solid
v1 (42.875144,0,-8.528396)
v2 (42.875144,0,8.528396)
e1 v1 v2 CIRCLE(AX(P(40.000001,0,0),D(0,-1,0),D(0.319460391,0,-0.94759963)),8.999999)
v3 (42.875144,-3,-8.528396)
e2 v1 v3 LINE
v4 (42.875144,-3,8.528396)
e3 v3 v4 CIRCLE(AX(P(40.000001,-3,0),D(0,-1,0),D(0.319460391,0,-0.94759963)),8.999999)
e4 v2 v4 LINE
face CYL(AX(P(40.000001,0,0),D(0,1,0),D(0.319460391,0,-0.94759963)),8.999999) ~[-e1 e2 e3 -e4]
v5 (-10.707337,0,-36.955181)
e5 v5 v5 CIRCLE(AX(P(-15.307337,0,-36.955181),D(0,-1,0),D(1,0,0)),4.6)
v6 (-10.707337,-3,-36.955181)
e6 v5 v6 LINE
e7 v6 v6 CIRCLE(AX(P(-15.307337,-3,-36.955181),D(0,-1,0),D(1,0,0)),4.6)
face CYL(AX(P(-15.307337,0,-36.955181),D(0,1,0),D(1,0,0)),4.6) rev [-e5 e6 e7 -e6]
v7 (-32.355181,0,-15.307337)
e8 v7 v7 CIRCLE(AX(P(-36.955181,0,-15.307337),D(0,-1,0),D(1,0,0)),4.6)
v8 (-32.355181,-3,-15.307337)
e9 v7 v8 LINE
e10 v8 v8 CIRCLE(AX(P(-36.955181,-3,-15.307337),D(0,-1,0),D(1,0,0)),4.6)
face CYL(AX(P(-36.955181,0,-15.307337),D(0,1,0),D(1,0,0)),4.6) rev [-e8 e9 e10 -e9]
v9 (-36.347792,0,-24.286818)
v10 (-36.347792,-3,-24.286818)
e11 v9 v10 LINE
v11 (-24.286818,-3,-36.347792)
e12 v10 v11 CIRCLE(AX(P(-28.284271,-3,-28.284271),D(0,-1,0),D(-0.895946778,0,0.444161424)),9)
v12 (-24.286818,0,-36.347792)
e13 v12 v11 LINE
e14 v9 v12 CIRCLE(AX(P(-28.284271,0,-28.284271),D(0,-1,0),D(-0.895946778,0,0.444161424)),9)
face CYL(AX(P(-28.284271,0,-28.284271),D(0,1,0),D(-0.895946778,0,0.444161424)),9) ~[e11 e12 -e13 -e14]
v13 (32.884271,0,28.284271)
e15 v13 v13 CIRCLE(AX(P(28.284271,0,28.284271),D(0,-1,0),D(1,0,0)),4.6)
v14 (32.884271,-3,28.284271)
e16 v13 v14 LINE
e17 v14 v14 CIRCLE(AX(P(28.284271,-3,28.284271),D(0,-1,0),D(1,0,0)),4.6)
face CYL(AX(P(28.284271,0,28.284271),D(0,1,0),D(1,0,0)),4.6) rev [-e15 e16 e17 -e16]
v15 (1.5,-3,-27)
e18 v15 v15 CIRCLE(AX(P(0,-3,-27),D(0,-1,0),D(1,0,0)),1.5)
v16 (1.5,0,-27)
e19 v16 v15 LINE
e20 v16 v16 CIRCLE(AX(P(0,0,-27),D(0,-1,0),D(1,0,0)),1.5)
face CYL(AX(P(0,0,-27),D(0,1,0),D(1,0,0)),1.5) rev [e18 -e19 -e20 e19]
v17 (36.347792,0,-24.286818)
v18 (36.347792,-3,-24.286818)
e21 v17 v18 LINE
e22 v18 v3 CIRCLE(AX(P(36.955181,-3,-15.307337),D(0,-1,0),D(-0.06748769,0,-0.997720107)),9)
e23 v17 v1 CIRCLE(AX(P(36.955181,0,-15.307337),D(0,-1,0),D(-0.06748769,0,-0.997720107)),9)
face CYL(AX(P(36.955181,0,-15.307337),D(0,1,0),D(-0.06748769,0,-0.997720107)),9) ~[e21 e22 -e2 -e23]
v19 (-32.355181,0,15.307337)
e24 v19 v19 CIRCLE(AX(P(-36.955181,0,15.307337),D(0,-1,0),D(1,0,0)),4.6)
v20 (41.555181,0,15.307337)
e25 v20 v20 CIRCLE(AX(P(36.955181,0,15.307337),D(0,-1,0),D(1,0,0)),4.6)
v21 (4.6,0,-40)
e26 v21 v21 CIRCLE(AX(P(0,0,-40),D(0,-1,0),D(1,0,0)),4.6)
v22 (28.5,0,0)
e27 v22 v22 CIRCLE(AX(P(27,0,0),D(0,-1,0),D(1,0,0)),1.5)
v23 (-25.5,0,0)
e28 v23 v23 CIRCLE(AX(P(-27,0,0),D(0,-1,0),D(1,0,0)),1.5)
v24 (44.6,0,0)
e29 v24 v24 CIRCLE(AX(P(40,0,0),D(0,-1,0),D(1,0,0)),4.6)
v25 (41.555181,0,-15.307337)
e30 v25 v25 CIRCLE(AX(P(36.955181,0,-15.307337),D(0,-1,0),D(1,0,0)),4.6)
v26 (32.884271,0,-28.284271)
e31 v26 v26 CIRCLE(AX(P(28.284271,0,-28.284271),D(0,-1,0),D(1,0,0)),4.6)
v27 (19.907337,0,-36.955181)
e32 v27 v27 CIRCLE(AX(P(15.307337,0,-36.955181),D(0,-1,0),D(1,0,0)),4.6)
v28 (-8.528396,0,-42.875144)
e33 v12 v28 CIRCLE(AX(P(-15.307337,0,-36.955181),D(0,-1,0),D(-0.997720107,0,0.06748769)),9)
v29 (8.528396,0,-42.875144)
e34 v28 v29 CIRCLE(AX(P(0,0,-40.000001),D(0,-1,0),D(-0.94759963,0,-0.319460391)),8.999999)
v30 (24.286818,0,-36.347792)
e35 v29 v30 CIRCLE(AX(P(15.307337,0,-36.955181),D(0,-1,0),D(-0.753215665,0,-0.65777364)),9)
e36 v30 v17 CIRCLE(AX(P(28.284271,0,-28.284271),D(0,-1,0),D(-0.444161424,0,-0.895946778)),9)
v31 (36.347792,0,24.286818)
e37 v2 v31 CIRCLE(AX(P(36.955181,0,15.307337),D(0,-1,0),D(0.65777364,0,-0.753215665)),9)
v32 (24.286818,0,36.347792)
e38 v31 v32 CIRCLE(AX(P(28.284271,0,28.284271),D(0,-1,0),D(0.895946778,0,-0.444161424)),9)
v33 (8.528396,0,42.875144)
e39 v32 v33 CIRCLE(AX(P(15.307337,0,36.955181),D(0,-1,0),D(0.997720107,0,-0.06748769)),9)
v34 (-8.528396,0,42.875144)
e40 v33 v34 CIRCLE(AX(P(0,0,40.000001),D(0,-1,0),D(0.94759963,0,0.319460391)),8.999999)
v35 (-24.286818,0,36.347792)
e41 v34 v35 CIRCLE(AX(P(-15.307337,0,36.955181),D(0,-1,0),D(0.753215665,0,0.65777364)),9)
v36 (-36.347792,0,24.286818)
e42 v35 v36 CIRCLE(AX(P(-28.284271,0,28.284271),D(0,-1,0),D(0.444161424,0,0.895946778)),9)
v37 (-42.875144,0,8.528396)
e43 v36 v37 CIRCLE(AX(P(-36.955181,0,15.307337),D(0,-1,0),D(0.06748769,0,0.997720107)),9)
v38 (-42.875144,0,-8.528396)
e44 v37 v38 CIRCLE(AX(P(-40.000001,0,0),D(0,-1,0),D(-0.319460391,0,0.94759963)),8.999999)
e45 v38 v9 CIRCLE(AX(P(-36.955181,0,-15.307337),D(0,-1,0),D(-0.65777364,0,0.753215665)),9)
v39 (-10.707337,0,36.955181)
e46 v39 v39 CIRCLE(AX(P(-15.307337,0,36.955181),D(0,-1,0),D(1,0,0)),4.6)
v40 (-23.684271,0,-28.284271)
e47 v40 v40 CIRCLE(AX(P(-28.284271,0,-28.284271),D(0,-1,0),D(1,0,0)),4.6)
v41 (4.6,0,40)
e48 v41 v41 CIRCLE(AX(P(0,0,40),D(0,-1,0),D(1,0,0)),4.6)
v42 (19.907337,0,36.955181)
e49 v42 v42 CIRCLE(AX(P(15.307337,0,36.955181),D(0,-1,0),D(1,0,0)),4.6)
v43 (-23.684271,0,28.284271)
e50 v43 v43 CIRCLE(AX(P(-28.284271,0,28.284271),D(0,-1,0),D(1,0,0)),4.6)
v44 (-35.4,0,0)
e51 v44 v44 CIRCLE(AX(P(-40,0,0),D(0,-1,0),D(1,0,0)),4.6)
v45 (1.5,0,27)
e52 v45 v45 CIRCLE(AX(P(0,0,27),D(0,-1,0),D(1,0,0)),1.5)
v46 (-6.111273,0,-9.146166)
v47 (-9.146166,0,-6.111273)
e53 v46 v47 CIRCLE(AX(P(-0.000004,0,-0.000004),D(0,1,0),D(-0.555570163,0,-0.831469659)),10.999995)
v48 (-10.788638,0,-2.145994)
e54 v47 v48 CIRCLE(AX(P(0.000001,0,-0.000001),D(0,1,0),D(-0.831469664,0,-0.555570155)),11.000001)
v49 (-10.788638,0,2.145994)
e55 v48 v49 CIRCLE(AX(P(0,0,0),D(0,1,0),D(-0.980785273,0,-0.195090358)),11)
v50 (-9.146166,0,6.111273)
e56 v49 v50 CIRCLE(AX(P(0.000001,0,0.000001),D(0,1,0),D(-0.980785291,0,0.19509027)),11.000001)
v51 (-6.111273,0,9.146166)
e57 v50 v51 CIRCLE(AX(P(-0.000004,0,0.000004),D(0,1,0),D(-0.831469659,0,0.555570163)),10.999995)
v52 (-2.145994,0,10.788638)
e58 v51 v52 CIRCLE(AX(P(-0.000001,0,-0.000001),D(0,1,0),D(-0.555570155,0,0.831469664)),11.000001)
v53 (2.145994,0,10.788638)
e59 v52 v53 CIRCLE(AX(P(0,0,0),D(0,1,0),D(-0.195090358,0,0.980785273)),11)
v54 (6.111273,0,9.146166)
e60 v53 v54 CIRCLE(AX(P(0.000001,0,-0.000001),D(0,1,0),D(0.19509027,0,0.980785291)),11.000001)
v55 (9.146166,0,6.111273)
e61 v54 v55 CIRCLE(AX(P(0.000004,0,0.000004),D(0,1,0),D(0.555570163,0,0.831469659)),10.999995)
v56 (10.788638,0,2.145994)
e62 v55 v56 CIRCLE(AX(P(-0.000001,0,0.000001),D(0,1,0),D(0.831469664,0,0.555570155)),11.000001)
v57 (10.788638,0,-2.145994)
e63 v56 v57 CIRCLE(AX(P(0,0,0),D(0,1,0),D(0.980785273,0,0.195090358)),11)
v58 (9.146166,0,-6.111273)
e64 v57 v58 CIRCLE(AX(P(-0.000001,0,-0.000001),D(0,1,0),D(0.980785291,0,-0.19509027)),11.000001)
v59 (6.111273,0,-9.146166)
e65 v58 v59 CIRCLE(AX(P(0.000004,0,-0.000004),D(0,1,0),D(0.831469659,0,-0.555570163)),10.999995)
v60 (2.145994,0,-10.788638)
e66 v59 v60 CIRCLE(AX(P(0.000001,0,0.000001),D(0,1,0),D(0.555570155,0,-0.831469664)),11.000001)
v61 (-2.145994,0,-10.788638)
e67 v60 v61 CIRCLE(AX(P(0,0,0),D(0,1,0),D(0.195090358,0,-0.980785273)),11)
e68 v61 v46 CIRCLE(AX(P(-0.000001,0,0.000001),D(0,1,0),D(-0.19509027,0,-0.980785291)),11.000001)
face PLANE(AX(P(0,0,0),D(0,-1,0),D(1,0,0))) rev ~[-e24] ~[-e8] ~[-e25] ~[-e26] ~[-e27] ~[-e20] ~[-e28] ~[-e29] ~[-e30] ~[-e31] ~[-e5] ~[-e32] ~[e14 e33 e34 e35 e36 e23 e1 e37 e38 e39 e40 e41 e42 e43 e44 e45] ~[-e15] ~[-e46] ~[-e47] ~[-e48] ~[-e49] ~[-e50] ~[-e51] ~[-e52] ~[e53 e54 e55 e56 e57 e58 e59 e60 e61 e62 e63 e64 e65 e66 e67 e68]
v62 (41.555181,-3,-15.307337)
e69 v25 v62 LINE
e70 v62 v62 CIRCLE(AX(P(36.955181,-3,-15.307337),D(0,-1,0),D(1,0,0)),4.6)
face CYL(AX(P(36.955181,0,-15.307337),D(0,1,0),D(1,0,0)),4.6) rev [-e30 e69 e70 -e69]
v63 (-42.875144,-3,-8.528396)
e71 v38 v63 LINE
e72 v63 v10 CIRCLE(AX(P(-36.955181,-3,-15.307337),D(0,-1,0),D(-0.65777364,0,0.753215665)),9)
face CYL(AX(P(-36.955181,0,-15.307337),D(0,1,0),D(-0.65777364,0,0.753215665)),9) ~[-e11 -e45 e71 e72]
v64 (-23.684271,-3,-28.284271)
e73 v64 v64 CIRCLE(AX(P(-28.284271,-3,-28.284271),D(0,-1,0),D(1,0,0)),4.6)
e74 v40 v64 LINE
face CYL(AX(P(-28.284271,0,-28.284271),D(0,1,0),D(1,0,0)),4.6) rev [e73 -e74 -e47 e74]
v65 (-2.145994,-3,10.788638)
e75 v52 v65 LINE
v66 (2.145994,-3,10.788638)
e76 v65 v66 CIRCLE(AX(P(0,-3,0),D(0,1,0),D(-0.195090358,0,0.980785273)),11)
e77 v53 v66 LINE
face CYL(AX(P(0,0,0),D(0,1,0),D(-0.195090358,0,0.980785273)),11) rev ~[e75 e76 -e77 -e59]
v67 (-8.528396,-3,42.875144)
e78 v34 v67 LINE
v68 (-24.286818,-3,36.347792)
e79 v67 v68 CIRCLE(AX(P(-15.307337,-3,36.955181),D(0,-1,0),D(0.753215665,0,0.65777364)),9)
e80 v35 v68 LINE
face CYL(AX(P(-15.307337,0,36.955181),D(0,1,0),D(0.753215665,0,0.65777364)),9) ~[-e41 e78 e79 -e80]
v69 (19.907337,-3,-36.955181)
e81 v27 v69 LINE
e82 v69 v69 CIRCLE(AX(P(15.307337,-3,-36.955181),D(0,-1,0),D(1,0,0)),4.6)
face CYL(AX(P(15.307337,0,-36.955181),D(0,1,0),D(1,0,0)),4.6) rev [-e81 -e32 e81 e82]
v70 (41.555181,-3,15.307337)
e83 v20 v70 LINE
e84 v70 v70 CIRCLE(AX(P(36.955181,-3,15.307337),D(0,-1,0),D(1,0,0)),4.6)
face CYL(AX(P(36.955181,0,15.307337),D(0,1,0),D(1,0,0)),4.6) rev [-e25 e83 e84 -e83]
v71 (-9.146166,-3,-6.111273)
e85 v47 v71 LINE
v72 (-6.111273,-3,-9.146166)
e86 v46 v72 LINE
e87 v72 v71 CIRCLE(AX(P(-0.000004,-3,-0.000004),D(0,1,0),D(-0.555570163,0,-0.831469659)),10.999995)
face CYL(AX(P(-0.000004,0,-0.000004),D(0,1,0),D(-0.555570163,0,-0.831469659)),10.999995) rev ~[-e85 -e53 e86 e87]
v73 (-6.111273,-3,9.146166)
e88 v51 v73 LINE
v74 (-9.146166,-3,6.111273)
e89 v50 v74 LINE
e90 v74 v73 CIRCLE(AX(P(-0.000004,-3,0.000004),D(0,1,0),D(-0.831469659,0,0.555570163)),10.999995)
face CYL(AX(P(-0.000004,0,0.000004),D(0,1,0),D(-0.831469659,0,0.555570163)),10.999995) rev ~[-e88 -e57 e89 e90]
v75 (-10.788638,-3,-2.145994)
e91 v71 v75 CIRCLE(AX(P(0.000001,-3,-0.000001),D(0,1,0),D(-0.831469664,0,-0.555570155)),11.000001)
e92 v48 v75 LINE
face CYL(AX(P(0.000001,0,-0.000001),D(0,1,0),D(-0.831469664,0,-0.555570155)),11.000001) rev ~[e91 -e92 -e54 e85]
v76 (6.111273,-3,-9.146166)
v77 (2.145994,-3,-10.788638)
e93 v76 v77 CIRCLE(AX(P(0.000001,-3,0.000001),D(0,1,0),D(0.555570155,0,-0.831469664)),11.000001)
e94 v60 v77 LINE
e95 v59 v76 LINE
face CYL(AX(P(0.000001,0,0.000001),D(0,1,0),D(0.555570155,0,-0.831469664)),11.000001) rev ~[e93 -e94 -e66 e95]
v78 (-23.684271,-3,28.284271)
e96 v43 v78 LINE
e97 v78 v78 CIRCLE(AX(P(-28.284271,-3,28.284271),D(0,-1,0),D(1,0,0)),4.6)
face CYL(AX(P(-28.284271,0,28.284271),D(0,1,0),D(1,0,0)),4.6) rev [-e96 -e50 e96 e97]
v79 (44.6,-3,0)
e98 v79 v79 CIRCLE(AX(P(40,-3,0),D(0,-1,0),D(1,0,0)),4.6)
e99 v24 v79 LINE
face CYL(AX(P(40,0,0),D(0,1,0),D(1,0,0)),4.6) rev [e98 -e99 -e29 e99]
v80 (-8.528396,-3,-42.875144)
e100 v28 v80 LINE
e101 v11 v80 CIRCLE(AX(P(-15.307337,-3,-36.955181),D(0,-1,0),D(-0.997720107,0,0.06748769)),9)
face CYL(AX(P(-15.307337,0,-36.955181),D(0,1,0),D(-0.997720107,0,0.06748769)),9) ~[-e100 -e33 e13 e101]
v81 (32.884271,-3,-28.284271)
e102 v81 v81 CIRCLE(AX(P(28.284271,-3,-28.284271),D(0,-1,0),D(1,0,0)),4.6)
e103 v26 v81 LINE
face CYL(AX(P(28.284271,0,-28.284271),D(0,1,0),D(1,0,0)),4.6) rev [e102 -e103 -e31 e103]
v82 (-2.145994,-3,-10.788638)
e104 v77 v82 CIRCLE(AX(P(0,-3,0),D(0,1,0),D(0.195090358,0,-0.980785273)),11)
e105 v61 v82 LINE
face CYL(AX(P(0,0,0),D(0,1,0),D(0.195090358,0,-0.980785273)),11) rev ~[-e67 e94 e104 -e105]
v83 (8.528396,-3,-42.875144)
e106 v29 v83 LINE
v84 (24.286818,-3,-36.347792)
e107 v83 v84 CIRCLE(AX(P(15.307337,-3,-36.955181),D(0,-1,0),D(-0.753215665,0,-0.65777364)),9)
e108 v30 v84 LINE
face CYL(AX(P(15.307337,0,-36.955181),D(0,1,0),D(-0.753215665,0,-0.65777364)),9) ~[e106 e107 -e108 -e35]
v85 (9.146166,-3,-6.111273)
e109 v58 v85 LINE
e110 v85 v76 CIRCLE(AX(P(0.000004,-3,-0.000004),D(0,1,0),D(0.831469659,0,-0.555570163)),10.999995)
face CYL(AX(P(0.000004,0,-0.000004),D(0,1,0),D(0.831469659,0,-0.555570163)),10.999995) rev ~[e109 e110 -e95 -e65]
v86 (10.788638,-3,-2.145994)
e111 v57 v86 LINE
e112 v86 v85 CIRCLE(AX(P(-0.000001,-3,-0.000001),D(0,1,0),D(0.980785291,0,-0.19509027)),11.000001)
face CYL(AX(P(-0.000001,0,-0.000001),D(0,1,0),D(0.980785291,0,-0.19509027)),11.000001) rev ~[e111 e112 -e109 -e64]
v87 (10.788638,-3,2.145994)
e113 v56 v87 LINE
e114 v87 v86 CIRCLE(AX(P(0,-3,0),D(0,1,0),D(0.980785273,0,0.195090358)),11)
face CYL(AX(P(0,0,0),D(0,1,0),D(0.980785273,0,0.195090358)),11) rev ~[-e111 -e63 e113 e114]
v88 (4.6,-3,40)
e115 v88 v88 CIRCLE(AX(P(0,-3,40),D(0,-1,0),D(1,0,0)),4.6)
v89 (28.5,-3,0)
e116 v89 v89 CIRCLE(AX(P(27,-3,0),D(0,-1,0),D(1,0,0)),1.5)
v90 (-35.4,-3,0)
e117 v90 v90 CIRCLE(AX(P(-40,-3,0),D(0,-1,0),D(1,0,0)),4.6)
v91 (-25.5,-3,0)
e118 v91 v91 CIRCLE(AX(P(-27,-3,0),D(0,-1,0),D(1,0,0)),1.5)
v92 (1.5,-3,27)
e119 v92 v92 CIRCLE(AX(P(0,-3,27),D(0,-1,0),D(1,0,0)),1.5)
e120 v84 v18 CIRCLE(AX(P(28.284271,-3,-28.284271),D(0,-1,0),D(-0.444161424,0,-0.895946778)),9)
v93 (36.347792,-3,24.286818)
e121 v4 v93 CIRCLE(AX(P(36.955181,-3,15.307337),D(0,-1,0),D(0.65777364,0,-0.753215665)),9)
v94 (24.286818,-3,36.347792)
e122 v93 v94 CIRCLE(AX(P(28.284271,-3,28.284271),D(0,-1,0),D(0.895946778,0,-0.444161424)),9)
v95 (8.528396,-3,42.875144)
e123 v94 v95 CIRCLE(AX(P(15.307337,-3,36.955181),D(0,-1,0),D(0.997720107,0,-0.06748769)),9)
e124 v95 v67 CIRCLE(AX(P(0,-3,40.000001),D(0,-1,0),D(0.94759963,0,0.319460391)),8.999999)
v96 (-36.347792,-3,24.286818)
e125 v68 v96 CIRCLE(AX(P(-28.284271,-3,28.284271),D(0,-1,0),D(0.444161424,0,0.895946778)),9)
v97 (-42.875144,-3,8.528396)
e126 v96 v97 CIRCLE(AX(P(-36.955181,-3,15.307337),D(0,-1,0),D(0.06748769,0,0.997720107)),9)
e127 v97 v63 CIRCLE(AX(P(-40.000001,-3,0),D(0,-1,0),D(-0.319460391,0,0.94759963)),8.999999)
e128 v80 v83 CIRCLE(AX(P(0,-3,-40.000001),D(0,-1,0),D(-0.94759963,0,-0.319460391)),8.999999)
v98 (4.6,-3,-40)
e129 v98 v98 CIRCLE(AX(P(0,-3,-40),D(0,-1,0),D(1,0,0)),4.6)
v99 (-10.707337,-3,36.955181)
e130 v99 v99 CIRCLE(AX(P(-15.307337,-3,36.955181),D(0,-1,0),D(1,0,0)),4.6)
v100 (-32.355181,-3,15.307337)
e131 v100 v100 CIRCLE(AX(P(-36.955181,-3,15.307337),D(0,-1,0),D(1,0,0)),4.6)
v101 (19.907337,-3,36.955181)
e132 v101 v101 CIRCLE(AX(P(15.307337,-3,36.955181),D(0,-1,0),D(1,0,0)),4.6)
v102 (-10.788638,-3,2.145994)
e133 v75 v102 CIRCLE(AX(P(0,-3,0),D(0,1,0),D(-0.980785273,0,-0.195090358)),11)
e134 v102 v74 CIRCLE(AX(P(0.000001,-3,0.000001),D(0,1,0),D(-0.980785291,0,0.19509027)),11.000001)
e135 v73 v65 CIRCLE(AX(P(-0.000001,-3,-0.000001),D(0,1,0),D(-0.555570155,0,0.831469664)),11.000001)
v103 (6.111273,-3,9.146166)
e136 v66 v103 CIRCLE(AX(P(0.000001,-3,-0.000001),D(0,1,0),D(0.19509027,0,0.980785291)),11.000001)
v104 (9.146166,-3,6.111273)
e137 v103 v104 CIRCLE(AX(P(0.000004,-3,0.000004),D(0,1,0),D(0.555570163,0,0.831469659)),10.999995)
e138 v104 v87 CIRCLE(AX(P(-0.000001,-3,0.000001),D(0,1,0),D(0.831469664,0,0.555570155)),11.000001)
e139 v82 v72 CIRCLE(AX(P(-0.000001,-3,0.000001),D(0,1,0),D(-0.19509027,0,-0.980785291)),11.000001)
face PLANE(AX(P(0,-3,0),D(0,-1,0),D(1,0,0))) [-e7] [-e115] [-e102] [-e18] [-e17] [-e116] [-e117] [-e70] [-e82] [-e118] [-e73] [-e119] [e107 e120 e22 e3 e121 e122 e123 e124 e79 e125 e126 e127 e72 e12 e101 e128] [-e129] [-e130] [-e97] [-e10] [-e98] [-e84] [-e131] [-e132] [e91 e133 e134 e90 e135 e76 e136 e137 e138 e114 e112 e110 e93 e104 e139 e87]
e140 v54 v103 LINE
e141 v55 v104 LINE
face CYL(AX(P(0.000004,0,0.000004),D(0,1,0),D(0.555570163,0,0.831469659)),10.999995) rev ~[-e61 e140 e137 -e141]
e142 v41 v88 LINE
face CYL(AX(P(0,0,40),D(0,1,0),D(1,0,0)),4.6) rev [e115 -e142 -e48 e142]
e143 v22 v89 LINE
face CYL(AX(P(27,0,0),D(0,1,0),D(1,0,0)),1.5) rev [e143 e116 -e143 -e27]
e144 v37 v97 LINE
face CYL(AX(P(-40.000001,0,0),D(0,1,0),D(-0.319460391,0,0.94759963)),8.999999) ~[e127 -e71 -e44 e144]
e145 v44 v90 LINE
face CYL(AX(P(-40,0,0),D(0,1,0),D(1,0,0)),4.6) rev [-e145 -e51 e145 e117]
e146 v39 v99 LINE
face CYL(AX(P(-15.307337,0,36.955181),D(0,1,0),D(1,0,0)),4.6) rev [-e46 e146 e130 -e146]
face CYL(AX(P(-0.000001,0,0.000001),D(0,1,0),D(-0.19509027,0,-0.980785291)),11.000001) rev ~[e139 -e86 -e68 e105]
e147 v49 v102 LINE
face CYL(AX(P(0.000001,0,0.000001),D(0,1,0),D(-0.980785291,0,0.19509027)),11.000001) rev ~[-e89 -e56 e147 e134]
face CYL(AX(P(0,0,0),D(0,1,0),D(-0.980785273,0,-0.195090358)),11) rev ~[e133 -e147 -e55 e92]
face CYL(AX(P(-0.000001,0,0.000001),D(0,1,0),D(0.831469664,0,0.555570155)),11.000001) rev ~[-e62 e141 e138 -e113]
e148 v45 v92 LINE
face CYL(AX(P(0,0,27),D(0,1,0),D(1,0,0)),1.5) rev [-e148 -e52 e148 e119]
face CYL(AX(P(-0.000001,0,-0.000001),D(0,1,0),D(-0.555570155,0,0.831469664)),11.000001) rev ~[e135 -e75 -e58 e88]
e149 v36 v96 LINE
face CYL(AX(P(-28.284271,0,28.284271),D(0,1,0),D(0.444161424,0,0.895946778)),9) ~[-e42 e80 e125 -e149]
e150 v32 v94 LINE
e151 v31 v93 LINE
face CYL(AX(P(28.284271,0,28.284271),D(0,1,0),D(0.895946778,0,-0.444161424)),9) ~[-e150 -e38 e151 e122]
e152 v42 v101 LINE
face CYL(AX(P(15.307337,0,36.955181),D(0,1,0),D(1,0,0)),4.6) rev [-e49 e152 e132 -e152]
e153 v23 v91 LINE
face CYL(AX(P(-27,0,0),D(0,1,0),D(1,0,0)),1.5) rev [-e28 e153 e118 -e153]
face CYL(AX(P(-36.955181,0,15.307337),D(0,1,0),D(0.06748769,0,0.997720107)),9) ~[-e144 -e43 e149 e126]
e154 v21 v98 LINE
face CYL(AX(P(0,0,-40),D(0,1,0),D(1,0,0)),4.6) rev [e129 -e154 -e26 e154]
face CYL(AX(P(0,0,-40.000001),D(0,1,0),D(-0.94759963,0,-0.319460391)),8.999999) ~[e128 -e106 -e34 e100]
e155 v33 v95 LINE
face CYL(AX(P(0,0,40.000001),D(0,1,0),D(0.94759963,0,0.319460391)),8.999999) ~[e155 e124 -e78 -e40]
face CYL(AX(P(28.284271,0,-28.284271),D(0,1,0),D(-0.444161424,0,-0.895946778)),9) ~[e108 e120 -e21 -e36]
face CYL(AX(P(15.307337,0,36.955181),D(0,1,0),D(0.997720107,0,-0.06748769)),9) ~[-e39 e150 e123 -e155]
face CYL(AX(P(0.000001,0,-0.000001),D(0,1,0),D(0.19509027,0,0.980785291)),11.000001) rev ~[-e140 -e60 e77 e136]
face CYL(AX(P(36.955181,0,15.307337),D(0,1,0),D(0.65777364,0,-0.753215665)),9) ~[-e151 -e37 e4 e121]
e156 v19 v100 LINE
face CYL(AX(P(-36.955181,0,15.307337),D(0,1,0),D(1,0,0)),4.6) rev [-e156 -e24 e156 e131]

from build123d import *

# Parameters (mm, degrees)
F0_R     = 4.6
F0_R_2   = 1.5
F1_DEPTH = 3


with BuildPart() as f1:
    # F0 (on Front) → F1 (new body)
    with BuildSketch(Plane.XZ):
        with BuildLine():
            ThreePointArc((24.286818, 36.347792), (18.751488, 45.270097), (8.528396, 42.875144))
            ThreePointArc((8.528396, 42.875144), (0, 49), (-8.528396, 42.875144))
            ThreePointArc((-8.528396, 42.875144), (-18.751488, 45.270097), (-24.286818, 36.347792))
            ThreePointArc((-24.286818, 36.347792), (-34.648232, 34.648232), (-36.347792, 24.286818))
            ThreePointArc((-36.347792, 24.286818), (-45.270097, 18.751488), (-42.875144, 8.528396))
            ThreePointArc((-42.875144, 8.528396), (-49, 0), (-42.875144, -8.528396))
            ThreePointArc((-42.875144, -8.528396), (-45.270097, -18.751488), (-36.347792, -24.286818))
            ThreePointArc((-36.347792, -24.286818), (-34.648232, -34.648232), (-24.286818, -36.347792))
            ThreePointArc((-24.286818, -36.347792), (-18.751488, -45.270097), (-8.528396, -42.875144))
            ThreePointArc((-8.528396, -42.875144), (0, -49), (8.528396, -42.875144))
            ThreePointArc((8.528396, -42.875144), (18.751488, -45.270097), (24.286818, -36.347792))
            ThreePointArc((24.286818, -36.347792), (34.648232, -34.648232), (36.347792, -24.286818))
            ThreePointArc((36.347792, -24.286818), (45.270097, -18.751488), (42.875144, -8.528396))
            ThreePointArc((42.875144, -8.528396), (49, 0), (42.875144, 8.528396))
            ThreePointArc((42.875144, 8.528396), (45.270097, 18.751488), (36.347792, 24.286818))
            ThreePointArc((36.347792, 24.286818), (34.648232, 34.648232), (24.286818, 36.347792))
        make_face()
        with Locations((-28.284271, -28.284271)):
            Circle(F0_R, mode=Mode.SUBTRACT)
        with Locations((-15.307337, -36.955181)):
            Circle(F0_R, mode=Mode.SUBTRACT)
        with Locations((0, -40)):
            Circle(F0_R, mode=Mode.SUBTRACT)
        with Locations((0, -27)):
            Circle(F0_R_2, mode=Mode.SUBTRACT)
        with Locations((-36.955181, -15.307337)):
            Circle(F0_R, mode=Mode.SUBTRACT)
        with Locations((-40, 0)):
            Circle(F0_R, mode=Mode.SUBTRACT)
        with Locations((-27, 0)):
            Circle(F0_R_2, mode=Mode.SUBTRACT)
        with BuildLine():
            ThreePointArc((-2.145994, 10.788638), (0, 11), (2.145994, 10.788638))
            ThreePointArc((2.145994, 10.788638), (4.209518, 10.162675), (6.111273, 9.146166))
            ThreePointArc((6.111273, 9.146166), (7.778175, 7.778175), (9.146166, 6.111273))
            ThreePointArc((9.146166, 6.111273), (10.162675, 4.209518), (10.788638, 2.145994))
            ThreePointArc((10.788638, 2.145994), (11, 0), (10.788638, -2.145994))
            ThreePointArc((10.788638, -2.145994), (10.162675, -4.209518), (9.146166, -6.111273))
            ThreePointArc((9.146166, -6.111273), (7.778175, -7.778175), (6.111273, -9.146166))
            ThreePointArc((6.111273, -9.146166), (4.209518, -10.162675), (2.145994, -10.788638))
            ThreePointArc((2.145994, -10.788638), (0, -11), (-2.145994, -10.788638))
            ThreePointArc((-2.145994, -10.788638), (-4.209518, -10.162675), (-6.111273, -9.146166))
            ThreePointArc((-6.111273, -9.146166), (-7.778175, -7.778175), (-9.146166, -6.111273))
            ThreePointArc((-9.146166, -6.111273), (-10.162675, -4.209518), (-10.788638, -2.145994))
            ThreePointArc((-10.788638, -2.145994), (-11, 0), (-10.788638, 2.145994))
            ThreePointArc((-10.788638, 2.145994), (-10.162675, 4.209518), (-9.146166, 6.111273))
            ThreePointArc((-9.146166, 6.111273), (-7.778175, 7.778175), (-6.111273, 9.146166))
            ThreePointArc((-6.111273, 9.146166), (-4.209518, 10.162675), (-2.145994, 10.788638))
        make_face(mode=Mode.SUBTRACT)
        with Locations((15.307337, -36.955181)):
            Circle(F0_R, mode=Mode.SUBTRACT)
        with Locations((28.284271, -28.284271)):
            Circle(F0_R, mode=Mode.SUBTRACT)
        with Locations((36.955181, -15.307337)):
            Circle(F0_R, mode=Mode.SUBTRACT)
        with Locations((27, 0)):
            Circle(F0_R_2, mode=Mode.SUBTRACT)
        with Locations((40, 0)):
            Circle(F0_R, mode=Mode.SUBTRACT)
        with Locations((-36.955181, 15.307337)):
            Circle(F0_R, mode=Mode.SUBTRACT)
        with Locations((-28.284271, 28.284271)):
            Circle(F0_R, mode=Mode.SUBTRACT)
        with Locations((0, 27)):
            Circle(F0_R_2, mode=Mode.SUBTRACT)
        with Locations((-15.307337, 36.955181)):
            Circle(F0_R, mode=Mode.SUBTRACT)
        with Locations((0, 40)):
            Circle(F0_R, mode=Mode.SUBTRACT)
        with Locations((36.955181, 15.307337)):
            Circle(F0_R, mode=Mode.SUBTRACT)
        with Locations((15.307337, 36.955181)):
            Circle(F0_R, mode=Mode.SUBTRACT)
        with Locations((28.284271, 28.284271)):
            Circle(F0_R, mode=Mode.SUBTRACT)
    extrude(amount=F1_DEPTH)


solid = f1.part
